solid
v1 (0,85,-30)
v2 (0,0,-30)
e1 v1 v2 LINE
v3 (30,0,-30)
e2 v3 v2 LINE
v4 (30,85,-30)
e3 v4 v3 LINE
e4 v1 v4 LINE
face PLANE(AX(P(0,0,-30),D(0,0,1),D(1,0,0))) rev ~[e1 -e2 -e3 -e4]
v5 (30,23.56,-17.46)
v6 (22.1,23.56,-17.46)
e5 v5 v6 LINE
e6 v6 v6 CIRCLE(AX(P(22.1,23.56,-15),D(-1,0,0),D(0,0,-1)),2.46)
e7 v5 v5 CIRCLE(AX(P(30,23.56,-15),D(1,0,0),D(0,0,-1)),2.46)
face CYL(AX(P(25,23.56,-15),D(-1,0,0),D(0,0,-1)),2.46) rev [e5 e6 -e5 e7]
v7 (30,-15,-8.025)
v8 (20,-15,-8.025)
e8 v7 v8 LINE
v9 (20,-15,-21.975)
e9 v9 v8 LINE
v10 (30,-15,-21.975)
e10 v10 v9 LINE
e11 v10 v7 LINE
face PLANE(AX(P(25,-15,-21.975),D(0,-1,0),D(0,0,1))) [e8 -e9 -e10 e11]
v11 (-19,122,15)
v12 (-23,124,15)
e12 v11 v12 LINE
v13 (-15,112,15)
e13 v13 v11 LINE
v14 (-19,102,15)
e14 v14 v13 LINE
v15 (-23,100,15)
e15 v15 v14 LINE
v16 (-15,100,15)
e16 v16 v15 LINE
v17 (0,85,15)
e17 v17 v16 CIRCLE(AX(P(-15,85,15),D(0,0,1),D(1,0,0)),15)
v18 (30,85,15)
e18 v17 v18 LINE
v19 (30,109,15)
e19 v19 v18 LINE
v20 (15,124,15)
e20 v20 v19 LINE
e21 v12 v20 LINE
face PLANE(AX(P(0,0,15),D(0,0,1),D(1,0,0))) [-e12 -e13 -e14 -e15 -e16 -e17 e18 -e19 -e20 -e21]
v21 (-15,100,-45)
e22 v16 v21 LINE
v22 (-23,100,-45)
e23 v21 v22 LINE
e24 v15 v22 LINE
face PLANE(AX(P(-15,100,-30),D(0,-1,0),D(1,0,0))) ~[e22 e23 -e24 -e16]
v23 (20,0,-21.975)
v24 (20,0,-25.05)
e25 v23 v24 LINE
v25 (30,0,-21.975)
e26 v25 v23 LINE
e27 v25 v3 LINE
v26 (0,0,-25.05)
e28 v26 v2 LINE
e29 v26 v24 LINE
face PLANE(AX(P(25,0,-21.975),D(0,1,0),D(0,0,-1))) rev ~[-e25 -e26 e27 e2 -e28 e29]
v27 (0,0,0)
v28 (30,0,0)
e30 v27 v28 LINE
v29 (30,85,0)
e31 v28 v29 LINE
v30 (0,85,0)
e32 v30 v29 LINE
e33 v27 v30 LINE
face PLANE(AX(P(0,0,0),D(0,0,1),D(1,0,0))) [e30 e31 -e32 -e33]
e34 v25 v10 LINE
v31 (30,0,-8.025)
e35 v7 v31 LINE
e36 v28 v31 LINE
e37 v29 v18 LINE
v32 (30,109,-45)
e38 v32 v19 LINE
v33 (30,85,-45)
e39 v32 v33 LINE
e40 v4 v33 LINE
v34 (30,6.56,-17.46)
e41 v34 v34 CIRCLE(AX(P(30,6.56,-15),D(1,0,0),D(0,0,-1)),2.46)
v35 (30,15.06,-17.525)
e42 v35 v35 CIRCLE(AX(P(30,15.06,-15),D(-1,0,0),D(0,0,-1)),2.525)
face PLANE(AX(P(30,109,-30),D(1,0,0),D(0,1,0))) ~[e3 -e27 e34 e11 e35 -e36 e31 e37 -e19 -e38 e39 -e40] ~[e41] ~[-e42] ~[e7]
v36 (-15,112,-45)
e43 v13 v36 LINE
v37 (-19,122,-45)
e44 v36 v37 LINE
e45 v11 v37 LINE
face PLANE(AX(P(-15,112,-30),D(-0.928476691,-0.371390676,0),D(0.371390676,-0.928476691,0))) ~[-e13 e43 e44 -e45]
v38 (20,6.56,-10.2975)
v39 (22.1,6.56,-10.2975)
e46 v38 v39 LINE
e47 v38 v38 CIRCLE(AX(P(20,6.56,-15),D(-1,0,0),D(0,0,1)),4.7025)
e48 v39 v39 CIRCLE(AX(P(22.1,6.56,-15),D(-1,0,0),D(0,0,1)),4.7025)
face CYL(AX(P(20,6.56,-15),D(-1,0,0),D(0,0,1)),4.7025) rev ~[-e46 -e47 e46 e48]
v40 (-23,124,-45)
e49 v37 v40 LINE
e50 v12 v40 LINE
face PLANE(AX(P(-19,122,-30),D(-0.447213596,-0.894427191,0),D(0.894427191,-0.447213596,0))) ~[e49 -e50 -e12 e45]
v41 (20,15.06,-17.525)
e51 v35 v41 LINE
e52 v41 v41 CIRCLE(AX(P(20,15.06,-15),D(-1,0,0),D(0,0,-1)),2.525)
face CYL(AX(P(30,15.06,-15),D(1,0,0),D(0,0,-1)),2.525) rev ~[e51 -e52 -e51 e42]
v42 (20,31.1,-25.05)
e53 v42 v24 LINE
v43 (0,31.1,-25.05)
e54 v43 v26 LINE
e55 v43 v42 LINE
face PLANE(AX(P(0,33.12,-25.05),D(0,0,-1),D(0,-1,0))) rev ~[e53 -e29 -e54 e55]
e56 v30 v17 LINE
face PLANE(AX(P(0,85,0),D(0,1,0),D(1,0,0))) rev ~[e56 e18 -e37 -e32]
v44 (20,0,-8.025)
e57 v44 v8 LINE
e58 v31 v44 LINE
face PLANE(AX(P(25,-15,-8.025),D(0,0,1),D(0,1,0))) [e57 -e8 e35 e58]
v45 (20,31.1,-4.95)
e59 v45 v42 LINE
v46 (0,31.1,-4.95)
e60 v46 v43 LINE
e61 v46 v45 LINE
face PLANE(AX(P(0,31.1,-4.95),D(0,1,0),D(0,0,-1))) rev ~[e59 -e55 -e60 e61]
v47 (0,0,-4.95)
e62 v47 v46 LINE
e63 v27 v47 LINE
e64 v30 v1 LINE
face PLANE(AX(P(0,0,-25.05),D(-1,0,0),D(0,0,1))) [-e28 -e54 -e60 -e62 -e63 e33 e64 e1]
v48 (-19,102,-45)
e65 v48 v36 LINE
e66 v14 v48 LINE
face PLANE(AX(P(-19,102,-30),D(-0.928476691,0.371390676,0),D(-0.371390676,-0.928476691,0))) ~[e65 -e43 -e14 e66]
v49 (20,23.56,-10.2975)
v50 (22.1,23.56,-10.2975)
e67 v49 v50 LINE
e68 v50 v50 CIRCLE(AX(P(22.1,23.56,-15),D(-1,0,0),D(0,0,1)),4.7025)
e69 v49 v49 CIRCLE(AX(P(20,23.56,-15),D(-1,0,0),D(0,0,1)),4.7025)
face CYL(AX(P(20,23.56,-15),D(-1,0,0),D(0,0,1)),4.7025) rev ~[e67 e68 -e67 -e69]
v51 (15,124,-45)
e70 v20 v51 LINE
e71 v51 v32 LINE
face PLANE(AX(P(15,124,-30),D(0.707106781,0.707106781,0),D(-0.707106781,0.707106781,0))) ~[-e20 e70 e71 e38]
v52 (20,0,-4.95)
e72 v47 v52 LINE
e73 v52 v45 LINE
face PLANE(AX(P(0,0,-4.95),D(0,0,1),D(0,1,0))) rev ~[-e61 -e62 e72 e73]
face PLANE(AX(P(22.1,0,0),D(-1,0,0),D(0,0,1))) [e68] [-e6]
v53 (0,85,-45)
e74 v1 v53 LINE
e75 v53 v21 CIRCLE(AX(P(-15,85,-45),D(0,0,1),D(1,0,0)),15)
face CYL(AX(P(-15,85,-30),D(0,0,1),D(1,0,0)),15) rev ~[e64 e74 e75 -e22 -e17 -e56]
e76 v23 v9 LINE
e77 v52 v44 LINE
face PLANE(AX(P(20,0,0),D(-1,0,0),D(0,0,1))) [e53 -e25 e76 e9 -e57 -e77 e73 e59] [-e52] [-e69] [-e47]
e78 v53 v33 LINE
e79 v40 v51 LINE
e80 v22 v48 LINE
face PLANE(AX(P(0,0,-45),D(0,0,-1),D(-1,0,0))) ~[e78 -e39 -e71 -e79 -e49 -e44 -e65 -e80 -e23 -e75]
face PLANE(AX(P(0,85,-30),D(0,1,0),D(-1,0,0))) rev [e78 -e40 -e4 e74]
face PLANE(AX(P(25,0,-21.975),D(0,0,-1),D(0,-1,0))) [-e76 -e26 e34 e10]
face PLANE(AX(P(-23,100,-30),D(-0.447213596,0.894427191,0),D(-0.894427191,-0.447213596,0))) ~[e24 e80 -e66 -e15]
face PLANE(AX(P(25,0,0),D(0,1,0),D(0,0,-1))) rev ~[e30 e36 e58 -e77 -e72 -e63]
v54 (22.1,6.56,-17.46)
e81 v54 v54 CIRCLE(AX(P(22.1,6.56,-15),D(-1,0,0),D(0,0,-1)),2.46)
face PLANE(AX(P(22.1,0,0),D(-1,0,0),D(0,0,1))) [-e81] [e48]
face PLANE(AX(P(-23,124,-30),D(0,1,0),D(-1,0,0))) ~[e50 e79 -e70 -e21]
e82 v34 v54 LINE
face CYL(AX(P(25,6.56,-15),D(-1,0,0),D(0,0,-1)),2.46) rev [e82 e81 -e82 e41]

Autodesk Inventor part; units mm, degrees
ref_plane "YZ Plane" through (0, 0, 0) normal (1, 0, 0) x (0, 1, 0)
ref_plane "XZ Plane" through (0, 0, 0) normal (0, 1, 0) x (-1, 0, 0)
sketch "Sketch1" plane through (0, 0, 0) normal (0, 0, 1) x (1, 0, 0)
  line L0 (0, 0) -> (25, 0)
  line L1 (25, 0) -> (25, 40)
  line L2 (25, 40) -> (0, 40)
  line L3 (0, 40) -> (0, 0)
  dimension "d1" = 25
  dimension "d2" = 40
  dimension "d3" = 25
extrude "Extrusion1" add sketch "Sketch1" against normal blind 30
sketch "Sketch2" plane through (25, 0, 0) normal (1, 0, 0) x (0, 0, -1)
  line L0 (0, 0) -> (30, 0) projected
  circle A0 centre (15, 6.56) radius 2.46
extrude "Extrusion2" cut sketch "Sketch2" against normal blind 30
sketch "Sketch3" plane through (0, 0, 0) normal (-1, 0, 0) x (0, 0, 1)
  line L0 (0, 0) -> (-30, 0) projected
  line L1 (-25.05, 0) -> (-4.95, 0)
  line L2 (-4.95, 0) -> (-4.95, 33.12)
  line L3 (-4.95, 33.12) -> (-25.05, 33.12)
  line L4 (-25.05, 33.12) -> (-25.05, 0)
  dimension "d11" = 20.1
extrude "Extrusion3" cut sketch "Sketch3" against normal blind 20
sketch "Sketch4" plane through (0, 0, 0) normal (0, -1, 0) x (1, 0, 0)
  line L0 (20, -4.95) -> (20, -25.05) projected
  line L1 (20, -15) -> (25, -15)
  line L2 (25, 0) -> (25, -30) projected
  line L3 (20, -8.025) -> (25, -8.025)
  line L4 (25, -8.025) -> (25, -21.975)
  line L5 (25, -21.975) -> (20, -21.975)
  line L6 (20, -21.975) -> (20, -8.025)
  line L7 (20, -8.025) -> (25, -21.975) construction
  line L8 (25, -8.025) -> (20, -21.975) construction
  line L9 (25, -12.54) -> (25, -17.46) projected
  point P0 (0, 0)
  point P1 (22.5, -15)
  dimension "d14" = 13.95
extrude "Extrusion4" add sketch "Sketch4" along normal blind 15
sketch "Sketch5" plane through (20, 0, 0) normal (-1, 0, 0) x (0, 0, 1)
  circle A0 centre (-15, 6.56) radius 2.46 projected
  circle A1 centre (-15, 6.56) radius 4.7025
  circle A2 centre (-15, 6.56) radius 2.46 projected
  circle A3 centre (-15, 6.56) radius 2.46
  point P0 (0, 0)
  dimension "d17" = 9.405
extrude "Extrusion5" cut sketch "Sketch5" against normal blind 2.1
sketch "Sketch6" plane through (25, 0, 0) normal (1, 0, 0) x (0, 0, -1)
  circle A0 centre (15, 6.56) radius 4.7025 projected
  line L0 (15, 6.56) -> (15, 23.56)
  circle A1 centre (15, 23.56) radius 2.46
  point P0 (0, 0)
  dimension "d20" = 17
  dimension "d21" = 4.92
extrude "Extrusion6" cut sketch "Sketch6" against normal blind 10 contours A1
sketch "Sketch7" plane through (20, 0, 0) normal (-1, 0, 0) x (0, 0, 1)
  circle A0 centre (-15, 23.56) radius 2.46 projected
  circle A1 centre (-15, 23.56) radius 4.7025
  point P0 (0, 0)
  dimension "d24" = 9.405
extrude "Extrusion7" cut sketch "Sketch7" against normal blind 2.1
sketch "Sketch9" plane through (25, 0, 0) normal (1, 0, 0) x (0, 0, -1)
  circle A0 centre (15, 6.56) radius 2.46 projected
  circle A1 centre (15, 6.56) radius 2.46
  circle A2 centre (15, 23.56) radius 2.46 projected
  circle A3 centre (15, 23.56) radius 2.46
  line L0 (30, 40) -> (30, 0) projected
  line L1 (30, 0) -> (30, 40)
  line L2 (30, 40) -> (0, 40)
  line L3 (0, 40) -> (0, 0)
  line L4 (0, 0) -> (8.025, 0) projected
  line L5 (21.975, 0) -> (21.975, -15)
  line L6 (21.975, -15) -> (8.025, -15)
  line L7 (8.025, -15) -> (8.025, 0)
  line L8 (0, 0) -> (8.025, 0)
  line L9 (21.975, 0) -> (30, 0)
extrude "Extrusion8" add sketch "Sketch9" along normal blind 5
sketch "Sketch10" plane through (0, 40, 0) normal (0, 1, 0) x (1, 0, 0)
  line L0 (0, 30) -> (30, 30) projected
  line L1 (30, 0) -> (0, 0) projected
  line L2 (0, 30) -> (30, 30)
  line L3 (30, 30) -> (30, 0)
  line L4 (30, 0) -> (0, 0)
  line L5 (0, 0) -> (0, 30)
extrude "Extrusion9" add sketch "Sketch10" along normal blind 30
sketch "Sketch12" plane through (30, 0, 0) normal (1, 0, 0) x (0, 0, -1)
  circle A0 centre (15, 6.56) radius 2.46 projected
  line L0 (15, 6.56) -> (15, 15.06)
  circle A1 centre (15, 15.06) radius 2.525
  point P0 (0, 0)
  dimension "d31" = 8.5
  dimension "d33" = 5.05
extrude "Extrusion10" cut sketch "Sketch12" against normal blind 30 contours A1
sketch "Sketch14" plane through (0, 0, 0) normal (0, 0, 1) x (1, 0, 0)
  line L0 (30, 70) -> (0, 70) projected
  line L1 (0, 70) -> (0, 85)
  line L2 (-15, 100) -> (-23, 100)
  line L3 (30, 0) -> (30, 70) projected
  line L4 (30, 109) -> (30, 70)
  arc A0 (0, 85) -> (-15, 100) centre (-15, 85) ccw
  line L5 (30, 105) -> (30, 100)
  line L6 (-23, 124) -> (15, 124)
  line L7 (-19, 122) -> (-23, 124)
  line L8 (-19, 122) -> (-15, 112)
  line L9 (-19, 102) -> (-23, 100)
  line L10 (-19, 102) -> (-15, 112)
  line L11 (30, 109) -> (15, 124)
  point P0 (0, 0)
  point P1 (0, 100)
  dimension "d47" = 30
  dimension "d54" = 15
extrude "Extrusion12" add sketch "Sketch14" against normal blind 30
sketch "Sketch15" plane through (0, 0, -25.05) normal (-1, 0, 0) x (0, 0, 1)
  line L0 (0, 33.12) -> (20.1, 33.12) projected
  line L1 (20.1, 33.12) -> (20.1, 0) projected
  line L2 (0, 33.12) -> (20.1, 33.12)
  line L3 (20.1, 33.12) -> (20.1, 31.1)
  line L4 (20.1, 31.1) -> (0, 31.1)
  line L5 (0, 31.1) -> (0, 33.12)
  point P0 (25.05, 0)
  dimension "d57" = 2.02
extrude "Extrusion13" add sketch "Sketch15" against normal blind 20
sketch "Sketch19" plane through (0, 0, 0) normal (0, 0, 1) x (1, 0, 0)
  arc A0 (0, 85) -> (-15, 100) centre (-15, 85) ccw projected
  arc A1 (0, 85) -> (-15, 100) centre (-15, 85) ccw
  line L0 (-15, 100) -> (-23, 100) projected
  line L1 (-15, 100) -> (-23, 100)
  line L2 (-23, 100) -> (-19, 102) projected
  line L3 (-23, 100) -> (-19, 102)
  line L4 (-19, 102) -> (-15, 112) projected
  line L5 (-19, 102) -> (-15, 112)
  line L6 (-15, 112) -> (-19, 122) projected
  line L7 (-15, 112) -> (-19, 122)
  line L8 (-19, 122) -> (-23, 124) projected
  line L9 (-19, 122) -> (-23, 124)
  line L10 (-23, 124) -> (15, 124) projected
  line L11 (-23, 124) -> (15, 124)
  line L12 (15, 124) -> (30, 109) projected
  line L13 (15, 124) -> (30, 109)
  line L14 (30, 109) -> (30, 85)
  line L15 (30, 0) -> (30, 109) projected
  line L16 (0, 85) -> (30, 85)
  point P0 (0, 0)
extrude "Extrusion14" add sketch "Sketch19" along normal blind 15
ref_plane "Work Plane1" through (0, 0, -15) normal (0, 0, 1) x (1, 0, 0)
mirror "Mirror1" about plane through (0, 0, -15) normal (0, 0, 1) of "Extrusion14"
properties part number "20mm_x_60mm"
